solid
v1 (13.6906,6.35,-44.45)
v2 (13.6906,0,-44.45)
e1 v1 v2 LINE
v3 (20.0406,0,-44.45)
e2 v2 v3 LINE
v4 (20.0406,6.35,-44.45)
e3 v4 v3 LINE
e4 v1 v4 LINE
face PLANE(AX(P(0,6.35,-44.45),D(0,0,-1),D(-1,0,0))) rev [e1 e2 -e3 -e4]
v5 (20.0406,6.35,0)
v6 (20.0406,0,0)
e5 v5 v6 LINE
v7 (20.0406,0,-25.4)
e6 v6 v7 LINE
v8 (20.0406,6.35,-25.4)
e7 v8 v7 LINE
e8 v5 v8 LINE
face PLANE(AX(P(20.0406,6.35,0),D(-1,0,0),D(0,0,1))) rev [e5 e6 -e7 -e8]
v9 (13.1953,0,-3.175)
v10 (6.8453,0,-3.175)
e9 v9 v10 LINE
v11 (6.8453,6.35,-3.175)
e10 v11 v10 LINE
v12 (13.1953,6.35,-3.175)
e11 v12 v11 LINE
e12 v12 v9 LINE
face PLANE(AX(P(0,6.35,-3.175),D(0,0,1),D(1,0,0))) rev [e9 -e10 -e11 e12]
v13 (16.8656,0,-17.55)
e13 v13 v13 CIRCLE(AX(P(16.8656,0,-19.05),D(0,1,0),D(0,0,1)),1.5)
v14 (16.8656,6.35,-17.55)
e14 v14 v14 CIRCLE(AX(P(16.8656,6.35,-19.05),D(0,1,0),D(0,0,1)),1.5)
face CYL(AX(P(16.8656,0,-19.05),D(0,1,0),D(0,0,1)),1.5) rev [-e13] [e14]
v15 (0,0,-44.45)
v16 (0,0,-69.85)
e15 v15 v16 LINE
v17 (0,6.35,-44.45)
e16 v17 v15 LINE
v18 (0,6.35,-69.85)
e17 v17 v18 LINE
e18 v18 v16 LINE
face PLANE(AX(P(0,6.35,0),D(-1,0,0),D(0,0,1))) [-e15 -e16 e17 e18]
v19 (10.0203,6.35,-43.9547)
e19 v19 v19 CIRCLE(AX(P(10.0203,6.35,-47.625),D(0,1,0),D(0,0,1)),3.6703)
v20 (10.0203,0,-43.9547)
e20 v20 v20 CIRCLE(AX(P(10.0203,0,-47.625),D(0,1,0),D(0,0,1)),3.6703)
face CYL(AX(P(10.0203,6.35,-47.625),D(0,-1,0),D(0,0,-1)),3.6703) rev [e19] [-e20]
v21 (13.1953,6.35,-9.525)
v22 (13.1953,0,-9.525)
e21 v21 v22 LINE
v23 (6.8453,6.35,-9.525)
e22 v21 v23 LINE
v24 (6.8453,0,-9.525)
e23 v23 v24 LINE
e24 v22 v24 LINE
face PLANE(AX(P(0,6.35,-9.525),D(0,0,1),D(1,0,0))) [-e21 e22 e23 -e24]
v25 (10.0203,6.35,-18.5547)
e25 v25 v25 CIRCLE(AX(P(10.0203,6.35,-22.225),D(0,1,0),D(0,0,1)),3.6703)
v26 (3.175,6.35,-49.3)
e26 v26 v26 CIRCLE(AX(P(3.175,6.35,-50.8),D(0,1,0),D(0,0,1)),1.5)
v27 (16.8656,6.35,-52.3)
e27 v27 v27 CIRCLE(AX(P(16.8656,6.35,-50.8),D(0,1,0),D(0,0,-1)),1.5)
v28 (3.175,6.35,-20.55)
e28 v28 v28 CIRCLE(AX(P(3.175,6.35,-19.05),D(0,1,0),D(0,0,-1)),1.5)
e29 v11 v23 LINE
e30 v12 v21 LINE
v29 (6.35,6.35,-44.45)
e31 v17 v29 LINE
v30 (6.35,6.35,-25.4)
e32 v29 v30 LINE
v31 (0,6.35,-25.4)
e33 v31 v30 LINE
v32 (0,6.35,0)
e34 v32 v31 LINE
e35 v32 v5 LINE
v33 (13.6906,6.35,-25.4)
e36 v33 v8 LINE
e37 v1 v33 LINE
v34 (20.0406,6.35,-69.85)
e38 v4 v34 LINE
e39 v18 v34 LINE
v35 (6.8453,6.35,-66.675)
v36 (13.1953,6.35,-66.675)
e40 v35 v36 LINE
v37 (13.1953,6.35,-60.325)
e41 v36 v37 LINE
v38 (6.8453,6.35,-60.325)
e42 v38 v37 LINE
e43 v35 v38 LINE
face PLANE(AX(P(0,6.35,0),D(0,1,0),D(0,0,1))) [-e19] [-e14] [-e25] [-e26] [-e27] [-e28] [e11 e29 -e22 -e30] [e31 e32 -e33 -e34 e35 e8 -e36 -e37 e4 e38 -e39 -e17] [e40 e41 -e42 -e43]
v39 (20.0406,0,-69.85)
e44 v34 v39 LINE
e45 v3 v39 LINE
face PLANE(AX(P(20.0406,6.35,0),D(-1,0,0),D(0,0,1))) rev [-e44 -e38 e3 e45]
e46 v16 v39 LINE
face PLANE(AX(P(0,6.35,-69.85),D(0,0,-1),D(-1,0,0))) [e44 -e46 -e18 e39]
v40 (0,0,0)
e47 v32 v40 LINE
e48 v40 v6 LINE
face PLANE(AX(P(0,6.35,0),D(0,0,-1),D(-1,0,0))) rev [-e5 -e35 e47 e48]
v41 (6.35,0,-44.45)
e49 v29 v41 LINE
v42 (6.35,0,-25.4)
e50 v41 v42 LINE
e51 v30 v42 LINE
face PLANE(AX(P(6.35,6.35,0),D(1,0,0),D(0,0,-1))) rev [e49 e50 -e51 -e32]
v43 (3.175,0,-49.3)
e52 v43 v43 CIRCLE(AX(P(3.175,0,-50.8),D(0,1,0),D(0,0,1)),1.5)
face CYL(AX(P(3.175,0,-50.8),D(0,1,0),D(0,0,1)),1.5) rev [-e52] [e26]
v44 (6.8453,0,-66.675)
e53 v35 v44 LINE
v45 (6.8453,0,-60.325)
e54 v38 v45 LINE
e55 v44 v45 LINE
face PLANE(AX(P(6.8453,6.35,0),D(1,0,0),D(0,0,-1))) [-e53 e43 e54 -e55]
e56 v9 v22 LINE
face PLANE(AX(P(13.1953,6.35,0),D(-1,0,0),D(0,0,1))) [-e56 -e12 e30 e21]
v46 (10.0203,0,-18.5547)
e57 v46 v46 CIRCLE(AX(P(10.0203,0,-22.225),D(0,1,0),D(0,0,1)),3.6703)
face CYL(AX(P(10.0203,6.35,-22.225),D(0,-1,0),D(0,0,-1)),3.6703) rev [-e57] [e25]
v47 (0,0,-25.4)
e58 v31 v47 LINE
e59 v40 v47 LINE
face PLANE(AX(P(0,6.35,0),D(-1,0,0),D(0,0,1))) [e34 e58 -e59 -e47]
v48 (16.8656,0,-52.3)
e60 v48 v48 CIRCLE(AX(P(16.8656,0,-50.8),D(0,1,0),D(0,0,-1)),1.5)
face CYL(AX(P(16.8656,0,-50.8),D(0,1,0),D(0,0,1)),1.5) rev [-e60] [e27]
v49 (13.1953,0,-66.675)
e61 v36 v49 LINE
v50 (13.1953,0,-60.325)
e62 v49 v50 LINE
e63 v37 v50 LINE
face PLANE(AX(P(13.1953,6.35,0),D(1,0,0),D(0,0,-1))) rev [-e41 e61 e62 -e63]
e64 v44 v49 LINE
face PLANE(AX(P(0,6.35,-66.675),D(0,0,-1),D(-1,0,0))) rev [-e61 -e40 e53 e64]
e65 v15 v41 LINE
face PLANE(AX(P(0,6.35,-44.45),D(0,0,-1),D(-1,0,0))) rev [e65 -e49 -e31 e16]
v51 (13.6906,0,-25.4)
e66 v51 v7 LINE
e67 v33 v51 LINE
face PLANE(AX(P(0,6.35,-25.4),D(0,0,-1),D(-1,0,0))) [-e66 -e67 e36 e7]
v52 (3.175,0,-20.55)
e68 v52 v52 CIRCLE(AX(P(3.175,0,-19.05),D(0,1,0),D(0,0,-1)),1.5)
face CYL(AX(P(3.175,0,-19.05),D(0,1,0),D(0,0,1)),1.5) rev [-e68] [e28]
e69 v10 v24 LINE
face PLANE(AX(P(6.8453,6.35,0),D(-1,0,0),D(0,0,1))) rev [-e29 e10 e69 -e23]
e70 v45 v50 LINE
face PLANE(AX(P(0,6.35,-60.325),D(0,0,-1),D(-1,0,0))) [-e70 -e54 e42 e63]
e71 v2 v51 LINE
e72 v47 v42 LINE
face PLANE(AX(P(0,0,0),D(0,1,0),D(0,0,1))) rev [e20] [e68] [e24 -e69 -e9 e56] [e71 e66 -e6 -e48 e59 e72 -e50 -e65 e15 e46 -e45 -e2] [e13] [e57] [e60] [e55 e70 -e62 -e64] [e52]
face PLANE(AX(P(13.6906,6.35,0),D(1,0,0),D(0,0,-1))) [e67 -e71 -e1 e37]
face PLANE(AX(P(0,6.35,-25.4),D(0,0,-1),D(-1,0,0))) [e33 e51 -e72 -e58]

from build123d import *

# Parameters (mm, degrees)
SKETCH1_W           = 6.35
SKETCH1_H           = 6.35
SKETCH1_R           = 3.6703
BOSS_EXTRUDE1_DEPTH = 6.35
SKETCH2_R           = 1.5
CUT_EXTRUDE1_DEPTH  = 7.35


with BuildPart() as part:
    # Sketch1 → Boss-Extrude1 (new body)
    with BuildSketch(Plane(origin=(0, 0, 0), x_dir=(1, 0, 0), z_dir=(0, 1, 0))):
        Polygon((0, 25.4), (0, 0), (20.0406, 0), (20.0406, 25.4), (13.6906, 25.4), (13.6906, 44.45), (20.0406, 44.45), (20.0406, 69.85), (0, 69.85), (0, 44.45), (6.35, 44.45), (6.35, 25.4), align=None)
        with Locations((10.0203, 6.35)):
            Rectangle(SKETCH1_W, SKETCH1_H, mode=Mode.SUBTRACT)
        with Locations((10.0203, 22.225)):
            Circle(SKETCH1_R, mode=Mode.SUBTRACT)
        with Locations((10.0203, 63.5)):
            Rectangle(SKETCH1_W, SKETCH1_H, mode=Mode.SUBTRACT)
        with Locations((10.0203, 47.625)):
            Circle(SKETCH1_R, mode=Mode.SUBTRACT)
    extrude(amount=BOSS_EXTRUDE1_DEPTH)

    # Sketch2 → Cut-Extrude1 (cut, through all)
    with BuildSketch(Plane(origin=(0, 6.35, 0), x_dir=(1, 0, 0), z_dir=(0, 1, 0))):
        with Locations((3.175, 50.8)):
            Circle(SKETCH2_R)
        with Locations((3.175, 19.05)):
            Circle(SKETCH2_R)
        with Locations((16.8656, 19.05)):
            Circle(SKETCH2_R)
        with Locations((16.8656, 50.8)):
            Circle(SKETCH2_R)
    extrude(amount=-CUT_EXTRUDE1_DEPTH, mode=Mode.SUBTRACT)


solid = part.part
